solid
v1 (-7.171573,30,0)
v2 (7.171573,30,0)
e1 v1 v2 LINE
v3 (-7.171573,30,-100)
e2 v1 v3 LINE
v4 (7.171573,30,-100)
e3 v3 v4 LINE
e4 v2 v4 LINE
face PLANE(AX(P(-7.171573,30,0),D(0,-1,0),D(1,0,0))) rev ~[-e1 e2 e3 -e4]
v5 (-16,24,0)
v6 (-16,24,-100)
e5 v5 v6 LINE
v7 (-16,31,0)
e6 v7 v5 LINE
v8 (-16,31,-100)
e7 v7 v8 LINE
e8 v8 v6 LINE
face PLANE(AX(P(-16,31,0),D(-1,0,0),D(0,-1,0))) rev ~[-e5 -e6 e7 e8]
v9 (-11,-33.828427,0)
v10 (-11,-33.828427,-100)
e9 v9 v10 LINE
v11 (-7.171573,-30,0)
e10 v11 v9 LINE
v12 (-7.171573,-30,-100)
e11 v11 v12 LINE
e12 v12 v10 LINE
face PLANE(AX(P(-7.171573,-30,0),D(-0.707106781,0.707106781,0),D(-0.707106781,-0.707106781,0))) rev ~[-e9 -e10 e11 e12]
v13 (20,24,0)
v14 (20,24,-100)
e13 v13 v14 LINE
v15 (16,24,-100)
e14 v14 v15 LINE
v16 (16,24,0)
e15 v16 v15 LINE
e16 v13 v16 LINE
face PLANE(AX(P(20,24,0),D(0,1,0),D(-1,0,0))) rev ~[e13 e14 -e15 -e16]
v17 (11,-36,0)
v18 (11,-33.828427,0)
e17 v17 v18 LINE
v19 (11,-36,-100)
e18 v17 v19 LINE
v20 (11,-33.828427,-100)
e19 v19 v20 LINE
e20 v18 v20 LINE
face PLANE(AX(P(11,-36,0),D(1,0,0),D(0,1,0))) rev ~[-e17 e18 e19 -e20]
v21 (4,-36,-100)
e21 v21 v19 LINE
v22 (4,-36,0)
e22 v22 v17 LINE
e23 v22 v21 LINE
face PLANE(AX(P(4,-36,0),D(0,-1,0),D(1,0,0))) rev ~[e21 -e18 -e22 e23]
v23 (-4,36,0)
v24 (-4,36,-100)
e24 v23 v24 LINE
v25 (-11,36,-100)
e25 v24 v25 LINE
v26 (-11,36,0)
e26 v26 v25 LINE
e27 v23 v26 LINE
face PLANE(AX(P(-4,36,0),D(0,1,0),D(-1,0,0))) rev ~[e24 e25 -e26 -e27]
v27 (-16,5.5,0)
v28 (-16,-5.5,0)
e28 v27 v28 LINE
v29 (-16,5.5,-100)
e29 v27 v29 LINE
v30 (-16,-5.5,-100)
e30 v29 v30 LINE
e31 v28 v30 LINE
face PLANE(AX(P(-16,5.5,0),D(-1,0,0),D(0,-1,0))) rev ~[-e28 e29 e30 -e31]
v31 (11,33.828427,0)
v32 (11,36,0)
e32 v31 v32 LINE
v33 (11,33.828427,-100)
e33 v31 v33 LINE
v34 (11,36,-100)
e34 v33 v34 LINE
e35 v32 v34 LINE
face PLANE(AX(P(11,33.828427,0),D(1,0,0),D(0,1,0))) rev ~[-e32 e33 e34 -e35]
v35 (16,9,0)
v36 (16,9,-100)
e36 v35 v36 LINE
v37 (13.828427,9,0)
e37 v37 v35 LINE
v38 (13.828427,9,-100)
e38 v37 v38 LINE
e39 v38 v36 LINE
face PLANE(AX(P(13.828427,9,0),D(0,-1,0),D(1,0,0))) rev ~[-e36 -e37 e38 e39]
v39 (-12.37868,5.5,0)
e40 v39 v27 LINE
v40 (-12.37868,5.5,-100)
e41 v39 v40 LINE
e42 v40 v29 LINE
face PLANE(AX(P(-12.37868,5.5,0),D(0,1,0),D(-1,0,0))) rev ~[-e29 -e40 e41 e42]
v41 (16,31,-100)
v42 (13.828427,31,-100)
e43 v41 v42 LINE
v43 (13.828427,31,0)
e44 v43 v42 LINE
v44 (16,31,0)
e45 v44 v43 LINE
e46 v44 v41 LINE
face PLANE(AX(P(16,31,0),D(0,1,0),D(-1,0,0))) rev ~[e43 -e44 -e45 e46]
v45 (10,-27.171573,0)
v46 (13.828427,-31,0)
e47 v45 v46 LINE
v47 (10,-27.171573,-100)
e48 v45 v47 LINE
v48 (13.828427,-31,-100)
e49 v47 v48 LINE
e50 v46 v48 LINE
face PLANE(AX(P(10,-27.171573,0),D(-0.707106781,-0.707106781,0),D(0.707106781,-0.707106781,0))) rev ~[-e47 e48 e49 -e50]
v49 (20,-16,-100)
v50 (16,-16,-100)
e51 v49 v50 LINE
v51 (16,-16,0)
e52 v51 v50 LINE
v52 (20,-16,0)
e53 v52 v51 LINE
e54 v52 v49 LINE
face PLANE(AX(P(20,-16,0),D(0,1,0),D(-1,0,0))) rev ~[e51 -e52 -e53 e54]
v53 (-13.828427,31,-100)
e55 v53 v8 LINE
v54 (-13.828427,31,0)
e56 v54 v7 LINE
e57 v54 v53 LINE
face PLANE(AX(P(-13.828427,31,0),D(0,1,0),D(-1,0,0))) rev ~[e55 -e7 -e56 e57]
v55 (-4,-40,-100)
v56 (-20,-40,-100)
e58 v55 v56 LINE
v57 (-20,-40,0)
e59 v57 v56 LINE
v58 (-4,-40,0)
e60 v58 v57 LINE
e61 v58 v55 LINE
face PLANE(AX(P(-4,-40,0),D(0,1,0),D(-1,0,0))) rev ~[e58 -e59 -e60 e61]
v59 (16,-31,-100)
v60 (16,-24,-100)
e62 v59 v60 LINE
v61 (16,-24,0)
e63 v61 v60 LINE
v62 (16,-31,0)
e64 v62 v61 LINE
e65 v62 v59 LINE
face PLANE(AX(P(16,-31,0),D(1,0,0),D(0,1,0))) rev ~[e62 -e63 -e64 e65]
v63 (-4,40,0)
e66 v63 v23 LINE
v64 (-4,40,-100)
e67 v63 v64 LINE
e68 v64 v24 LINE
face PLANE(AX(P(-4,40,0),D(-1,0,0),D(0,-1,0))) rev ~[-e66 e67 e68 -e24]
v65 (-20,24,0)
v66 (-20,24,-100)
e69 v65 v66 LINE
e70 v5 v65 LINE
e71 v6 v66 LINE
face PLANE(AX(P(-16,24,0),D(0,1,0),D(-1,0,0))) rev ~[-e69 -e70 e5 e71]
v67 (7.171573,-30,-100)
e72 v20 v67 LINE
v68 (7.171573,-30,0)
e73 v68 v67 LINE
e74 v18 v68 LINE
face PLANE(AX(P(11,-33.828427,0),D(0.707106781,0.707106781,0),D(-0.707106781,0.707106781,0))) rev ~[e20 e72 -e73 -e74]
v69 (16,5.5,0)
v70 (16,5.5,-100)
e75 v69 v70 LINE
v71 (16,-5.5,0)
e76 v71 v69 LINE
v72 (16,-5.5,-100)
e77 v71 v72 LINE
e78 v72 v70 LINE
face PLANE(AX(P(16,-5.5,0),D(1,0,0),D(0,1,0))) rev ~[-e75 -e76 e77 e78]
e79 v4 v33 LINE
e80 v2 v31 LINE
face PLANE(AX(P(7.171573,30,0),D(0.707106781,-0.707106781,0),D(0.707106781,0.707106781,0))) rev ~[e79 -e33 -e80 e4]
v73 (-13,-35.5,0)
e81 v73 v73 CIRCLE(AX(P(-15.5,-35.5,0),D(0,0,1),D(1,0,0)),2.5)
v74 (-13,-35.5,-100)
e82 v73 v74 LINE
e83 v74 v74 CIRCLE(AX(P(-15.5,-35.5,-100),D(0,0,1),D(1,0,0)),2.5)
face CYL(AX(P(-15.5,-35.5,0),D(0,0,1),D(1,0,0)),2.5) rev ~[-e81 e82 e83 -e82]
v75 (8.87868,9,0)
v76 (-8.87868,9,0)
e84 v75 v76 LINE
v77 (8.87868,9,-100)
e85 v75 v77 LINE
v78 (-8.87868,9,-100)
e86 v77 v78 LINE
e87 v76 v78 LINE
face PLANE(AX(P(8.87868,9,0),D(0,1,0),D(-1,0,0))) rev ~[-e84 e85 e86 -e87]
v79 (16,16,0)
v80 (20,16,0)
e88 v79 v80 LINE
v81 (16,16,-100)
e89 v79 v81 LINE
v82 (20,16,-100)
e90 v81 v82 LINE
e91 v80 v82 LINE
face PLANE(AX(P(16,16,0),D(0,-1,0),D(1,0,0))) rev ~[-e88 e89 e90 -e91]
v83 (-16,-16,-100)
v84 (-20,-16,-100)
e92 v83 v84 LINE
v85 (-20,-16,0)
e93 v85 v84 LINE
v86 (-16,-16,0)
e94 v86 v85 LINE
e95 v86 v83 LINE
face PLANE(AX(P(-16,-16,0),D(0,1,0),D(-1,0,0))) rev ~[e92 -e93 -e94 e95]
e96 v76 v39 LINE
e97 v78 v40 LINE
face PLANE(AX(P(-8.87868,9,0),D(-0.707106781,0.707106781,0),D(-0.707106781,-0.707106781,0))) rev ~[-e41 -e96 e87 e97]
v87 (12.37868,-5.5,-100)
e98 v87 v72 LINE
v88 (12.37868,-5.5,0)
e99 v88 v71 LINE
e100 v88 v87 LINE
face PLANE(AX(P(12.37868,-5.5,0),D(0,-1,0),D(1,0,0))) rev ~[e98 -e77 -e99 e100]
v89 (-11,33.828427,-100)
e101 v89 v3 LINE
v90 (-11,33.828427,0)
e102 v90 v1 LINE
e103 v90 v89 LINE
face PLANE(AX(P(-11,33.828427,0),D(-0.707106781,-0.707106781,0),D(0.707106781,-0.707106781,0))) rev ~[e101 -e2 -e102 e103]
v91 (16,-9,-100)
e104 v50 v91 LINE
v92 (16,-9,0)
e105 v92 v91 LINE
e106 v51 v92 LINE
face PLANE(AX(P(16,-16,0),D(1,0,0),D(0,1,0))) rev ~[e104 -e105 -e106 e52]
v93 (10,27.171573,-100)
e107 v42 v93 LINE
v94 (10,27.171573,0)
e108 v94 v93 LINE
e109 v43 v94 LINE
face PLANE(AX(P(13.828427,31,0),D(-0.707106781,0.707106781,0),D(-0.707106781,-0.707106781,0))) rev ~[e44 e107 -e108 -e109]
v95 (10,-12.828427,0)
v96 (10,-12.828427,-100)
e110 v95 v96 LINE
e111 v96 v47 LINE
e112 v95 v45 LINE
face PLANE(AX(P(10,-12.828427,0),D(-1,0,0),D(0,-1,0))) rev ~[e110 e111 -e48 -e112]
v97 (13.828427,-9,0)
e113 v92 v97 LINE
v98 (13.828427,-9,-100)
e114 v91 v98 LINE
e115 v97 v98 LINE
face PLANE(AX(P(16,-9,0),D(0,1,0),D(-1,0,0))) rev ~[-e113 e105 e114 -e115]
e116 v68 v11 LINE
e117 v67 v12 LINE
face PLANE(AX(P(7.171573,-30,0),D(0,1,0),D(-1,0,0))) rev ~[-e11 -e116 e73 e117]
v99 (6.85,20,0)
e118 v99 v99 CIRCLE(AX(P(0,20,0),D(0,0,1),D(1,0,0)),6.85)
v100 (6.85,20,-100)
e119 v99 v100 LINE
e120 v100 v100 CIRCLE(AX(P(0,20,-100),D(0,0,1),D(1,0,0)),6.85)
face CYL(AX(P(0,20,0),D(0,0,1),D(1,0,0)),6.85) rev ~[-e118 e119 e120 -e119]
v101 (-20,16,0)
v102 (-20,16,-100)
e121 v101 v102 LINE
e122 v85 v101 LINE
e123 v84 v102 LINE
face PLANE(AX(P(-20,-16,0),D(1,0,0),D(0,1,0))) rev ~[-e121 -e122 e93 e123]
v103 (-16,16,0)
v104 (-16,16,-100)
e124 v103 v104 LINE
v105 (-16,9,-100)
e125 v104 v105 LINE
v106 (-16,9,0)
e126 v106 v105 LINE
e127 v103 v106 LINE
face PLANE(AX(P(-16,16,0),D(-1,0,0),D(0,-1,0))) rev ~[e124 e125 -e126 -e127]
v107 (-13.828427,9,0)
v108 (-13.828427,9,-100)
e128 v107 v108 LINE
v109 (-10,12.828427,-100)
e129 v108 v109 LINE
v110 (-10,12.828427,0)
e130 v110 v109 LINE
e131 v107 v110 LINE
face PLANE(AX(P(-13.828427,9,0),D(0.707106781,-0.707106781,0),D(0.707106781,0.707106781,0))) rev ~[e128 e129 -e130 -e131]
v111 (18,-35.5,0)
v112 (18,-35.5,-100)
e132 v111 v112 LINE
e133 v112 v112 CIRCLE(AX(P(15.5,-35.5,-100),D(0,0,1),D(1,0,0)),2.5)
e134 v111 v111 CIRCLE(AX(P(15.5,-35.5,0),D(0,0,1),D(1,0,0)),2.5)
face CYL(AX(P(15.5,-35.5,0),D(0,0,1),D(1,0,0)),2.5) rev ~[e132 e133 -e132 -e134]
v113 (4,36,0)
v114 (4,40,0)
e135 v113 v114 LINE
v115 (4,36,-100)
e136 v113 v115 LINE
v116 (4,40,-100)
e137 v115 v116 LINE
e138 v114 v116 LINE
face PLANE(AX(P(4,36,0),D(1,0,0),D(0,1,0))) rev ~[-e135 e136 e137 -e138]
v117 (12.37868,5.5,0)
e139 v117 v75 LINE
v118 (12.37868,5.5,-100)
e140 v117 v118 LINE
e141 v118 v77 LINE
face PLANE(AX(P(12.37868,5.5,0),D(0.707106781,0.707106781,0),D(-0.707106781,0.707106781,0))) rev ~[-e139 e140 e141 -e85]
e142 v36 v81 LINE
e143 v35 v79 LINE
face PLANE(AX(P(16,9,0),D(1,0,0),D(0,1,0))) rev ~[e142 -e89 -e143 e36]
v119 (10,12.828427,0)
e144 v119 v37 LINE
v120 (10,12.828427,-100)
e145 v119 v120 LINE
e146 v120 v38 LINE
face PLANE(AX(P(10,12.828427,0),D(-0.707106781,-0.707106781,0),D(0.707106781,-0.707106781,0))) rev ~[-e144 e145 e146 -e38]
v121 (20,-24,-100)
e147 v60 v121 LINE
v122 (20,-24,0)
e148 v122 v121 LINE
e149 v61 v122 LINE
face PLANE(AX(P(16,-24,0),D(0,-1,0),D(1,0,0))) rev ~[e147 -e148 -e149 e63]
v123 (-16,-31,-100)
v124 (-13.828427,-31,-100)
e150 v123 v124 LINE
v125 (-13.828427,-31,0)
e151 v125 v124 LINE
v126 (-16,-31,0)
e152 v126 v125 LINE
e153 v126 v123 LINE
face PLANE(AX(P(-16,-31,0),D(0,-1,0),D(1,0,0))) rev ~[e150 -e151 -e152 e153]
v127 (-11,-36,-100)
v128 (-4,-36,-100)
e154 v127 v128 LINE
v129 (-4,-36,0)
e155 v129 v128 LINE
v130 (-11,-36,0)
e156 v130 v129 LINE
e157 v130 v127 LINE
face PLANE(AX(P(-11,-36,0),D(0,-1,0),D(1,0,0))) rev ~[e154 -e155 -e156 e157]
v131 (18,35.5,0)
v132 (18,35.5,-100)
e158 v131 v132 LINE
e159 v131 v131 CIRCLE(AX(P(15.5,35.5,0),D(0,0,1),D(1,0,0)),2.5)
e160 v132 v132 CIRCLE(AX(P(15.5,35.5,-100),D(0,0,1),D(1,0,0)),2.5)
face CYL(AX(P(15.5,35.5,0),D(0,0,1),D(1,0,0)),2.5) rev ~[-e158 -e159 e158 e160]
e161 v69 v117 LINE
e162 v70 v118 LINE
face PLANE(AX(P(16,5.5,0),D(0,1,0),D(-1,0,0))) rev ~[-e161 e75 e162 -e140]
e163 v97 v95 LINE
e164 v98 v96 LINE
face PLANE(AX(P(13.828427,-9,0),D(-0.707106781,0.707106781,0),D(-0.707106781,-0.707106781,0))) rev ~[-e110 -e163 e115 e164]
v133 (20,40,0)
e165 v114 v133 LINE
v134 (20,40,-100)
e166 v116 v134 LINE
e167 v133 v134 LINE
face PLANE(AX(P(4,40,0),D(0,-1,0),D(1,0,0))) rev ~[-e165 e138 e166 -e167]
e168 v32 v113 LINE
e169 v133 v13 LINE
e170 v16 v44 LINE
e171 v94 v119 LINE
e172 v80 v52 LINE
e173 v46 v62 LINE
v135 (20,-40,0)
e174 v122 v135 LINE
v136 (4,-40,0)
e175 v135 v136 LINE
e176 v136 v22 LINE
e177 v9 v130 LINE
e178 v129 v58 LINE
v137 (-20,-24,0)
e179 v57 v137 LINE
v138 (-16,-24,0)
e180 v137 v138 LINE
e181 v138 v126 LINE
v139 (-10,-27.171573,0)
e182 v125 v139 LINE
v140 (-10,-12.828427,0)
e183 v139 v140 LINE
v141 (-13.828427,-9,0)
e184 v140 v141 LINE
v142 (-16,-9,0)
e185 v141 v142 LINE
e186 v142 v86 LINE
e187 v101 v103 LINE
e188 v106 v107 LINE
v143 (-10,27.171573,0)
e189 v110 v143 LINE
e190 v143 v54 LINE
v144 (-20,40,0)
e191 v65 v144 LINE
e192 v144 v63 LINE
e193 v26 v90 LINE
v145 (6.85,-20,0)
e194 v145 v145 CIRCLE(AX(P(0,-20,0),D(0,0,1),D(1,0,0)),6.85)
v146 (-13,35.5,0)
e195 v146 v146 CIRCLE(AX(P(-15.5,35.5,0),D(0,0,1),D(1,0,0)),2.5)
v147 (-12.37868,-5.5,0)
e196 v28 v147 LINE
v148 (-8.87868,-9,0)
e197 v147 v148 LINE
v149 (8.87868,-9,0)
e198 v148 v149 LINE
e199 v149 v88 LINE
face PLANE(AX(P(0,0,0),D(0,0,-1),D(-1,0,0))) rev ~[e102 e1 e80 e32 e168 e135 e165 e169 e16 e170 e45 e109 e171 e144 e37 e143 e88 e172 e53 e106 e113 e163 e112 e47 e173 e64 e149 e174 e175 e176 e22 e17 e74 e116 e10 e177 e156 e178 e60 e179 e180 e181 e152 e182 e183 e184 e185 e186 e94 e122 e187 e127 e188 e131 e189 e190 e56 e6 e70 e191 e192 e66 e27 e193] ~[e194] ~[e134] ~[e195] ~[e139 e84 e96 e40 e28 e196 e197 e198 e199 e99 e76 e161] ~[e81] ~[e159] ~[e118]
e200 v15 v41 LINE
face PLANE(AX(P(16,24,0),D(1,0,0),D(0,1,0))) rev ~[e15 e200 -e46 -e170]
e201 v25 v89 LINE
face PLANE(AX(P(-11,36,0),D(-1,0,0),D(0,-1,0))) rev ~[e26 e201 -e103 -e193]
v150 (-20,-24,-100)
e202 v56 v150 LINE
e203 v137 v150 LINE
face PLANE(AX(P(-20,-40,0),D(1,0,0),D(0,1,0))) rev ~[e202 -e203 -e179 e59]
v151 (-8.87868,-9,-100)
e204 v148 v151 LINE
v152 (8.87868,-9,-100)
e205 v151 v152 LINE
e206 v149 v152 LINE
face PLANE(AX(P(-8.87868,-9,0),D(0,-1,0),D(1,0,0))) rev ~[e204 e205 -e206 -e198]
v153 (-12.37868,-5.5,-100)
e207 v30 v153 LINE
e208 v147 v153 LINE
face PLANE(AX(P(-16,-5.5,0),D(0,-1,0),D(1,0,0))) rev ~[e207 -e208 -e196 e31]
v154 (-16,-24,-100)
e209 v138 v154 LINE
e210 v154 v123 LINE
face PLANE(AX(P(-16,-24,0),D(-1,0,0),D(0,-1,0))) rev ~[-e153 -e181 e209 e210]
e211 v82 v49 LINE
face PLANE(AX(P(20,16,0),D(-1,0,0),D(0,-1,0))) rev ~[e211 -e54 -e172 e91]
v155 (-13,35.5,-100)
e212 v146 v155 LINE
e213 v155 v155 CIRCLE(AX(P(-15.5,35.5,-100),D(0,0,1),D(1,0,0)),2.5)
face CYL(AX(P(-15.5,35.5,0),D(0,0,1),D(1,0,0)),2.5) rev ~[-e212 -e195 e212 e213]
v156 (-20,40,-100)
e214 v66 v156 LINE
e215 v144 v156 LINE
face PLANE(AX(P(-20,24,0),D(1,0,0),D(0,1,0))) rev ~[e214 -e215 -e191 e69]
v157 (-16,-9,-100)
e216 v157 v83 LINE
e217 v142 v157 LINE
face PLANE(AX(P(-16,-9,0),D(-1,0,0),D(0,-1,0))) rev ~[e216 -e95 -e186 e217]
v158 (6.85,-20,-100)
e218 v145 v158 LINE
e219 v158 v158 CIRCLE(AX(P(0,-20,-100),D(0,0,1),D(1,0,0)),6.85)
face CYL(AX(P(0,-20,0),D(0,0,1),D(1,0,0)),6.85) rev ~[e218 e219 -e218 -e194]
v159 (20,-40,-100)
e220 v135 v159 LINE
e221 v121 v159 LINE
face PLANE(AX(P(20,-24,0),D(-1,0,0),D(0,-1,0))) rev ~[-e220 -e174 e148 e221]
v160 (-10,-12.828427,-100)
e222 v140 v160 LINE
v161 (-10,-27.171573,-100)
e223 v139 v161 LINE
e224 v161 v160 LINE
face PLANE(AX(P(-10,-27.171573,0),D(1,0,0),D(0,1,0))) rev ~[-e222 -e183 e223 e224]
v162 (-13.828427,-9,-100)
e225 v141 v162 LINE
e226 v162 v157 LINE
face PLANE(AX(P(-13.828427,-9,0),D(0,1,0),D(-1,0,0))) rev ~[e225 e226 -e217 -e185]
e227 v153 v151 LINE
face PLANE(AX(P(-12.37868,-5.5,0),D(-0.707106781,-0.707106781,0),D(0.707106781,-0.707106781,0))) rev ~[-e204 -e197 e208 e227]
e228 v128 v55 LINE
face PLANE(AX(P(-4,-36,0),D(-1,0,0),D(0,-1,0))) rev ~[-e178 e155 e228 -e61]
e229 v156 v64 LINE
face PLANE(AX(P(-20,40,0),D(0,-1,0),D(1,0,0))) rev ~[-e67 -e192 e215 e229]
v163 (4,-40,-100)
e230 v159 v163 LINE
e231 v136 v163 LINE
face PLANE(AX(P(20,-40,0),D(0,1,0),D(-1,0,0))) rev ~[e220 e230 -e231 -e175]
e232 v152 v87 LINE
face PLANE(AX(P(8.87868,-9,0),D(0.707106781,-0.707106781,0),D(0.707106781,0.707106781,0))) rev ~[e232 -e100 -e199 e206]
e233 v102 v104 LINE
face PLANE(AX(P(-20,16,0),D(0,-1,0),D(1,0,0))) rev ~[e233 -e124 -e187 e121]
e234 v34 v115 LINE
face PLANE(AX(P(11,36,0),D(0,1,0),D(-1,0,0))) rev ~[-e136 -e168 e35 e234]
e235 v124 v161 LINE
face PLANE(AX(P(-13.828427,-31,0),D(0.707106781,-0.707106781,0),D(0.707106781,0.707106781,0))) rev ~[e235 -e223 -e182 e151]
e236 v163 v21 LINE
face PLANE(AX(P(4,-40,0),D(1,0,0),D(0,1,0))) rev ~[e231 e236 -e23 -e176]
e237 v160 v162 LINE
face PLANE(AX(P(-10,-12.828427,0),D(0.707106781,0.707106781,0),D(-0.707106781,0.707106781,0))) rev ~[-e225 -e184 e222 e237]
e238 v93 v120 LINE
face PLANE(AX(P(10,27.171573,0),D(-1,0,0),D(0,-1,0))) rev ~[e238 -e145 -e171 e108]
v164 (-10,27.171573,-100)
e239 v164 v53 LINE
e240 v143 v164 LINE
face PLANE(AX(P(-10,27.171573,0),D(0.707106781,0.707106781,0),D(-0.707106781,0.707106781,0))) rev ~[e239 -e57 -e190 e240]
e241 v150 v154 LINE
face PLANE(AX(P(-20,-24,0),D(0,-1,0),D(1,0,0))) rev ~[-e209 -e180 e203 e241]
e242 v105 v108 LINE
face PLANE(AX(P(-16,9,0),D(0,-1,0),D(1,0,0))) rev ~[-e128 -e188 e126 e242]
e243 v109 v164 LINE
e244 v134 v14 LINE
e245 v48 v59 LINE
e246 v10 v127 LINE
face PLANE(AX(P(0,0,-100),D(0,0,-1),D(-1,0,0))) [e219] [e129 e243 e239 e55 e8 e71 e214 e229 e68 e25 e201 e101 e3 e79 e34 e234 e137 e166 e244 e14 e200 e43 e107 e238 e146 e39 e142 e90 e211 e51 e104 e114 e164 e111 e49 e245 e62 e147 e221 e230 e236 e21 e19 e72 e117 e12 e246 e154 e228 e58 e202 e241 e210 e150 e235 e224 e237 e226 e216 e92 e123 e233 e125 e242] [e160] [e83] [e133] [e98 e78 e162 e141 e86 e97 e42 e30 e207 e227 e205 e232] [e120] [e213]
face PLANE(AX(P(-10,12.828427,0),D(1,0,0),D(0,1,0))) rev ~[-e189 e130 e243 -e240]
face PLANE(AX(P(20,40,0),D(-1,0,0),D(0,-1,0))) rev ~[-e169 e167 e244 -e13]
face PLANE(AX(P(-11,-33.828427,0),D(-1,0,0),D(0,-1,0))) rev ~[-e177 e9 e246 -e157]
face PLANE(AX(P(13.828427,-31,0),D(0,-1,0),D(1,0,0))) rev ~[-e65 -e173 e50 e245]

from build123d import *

# Parameters (mm, degrees)
SKETCH1_R      = 2.5
SKETCH1_R_2    = 6.85
EXTRUDE1_DEPTH = 100


with BuildPart() as part:
    # Sketch1 → Extrude1 (new body)
    with BuildSketch(Plane.XY):
        Polygon((-20, -24), (-16, -24), (-16, -31), (-13.828427, -31), (-10, -27.171573), (-10, -12.828427), (-13.828427, -9), (-16, -9), (-16, -16), (-20, -16), (-20, 16), (-16, 16), (-16, 9), (-13.828427, 9), (-10, 12.828427), (-10, 27.171573), (-13.828427, 31), (-16, 31), (-16, 24), (-20, 24), (-20, 40), (-4, 40), (-4, 36), (-11, 36), (-11, 33.828427), (-7.171573, 30), (7.171573, 30), (11, 33.828427), (11, 36), (4, 36), (4, 40), (20, 40), (20, 24), (16, 24), (16, 31), (13.828427, 31), (10, 27.171573), (10, 12.828427), (13.828427, 9), (16, 9), (16, 16), (20, 16), (20, -16), (16, -16), (16, -9), (13.828427, -9), (10, -12.828427), (10, -27.171573), (13.828427, -31), (16, -31), (16, -24), (20, -24), (20, -40), (4, -40), (4, -36), (11, -36), (11, -33.828427), (7.171573, -30), (-7.171573, -30), (-11, -33.828427), (-11, -36), (-4, -36), (-4, -40), (-20, -40), align=None)
        with Locations((-15.5, -35.5)):
            Circle(SKETCH1_R, mode=Mode.SUBTRACT)
        with Locations((-15.5, 35.5)):
            Circle(SKETCH1_R, mode=Mode.SUBTRACT)
        with Locations((15.5, -35.5)):
            Circle(SKETCH1_R, mode=Mode.SUBTRACT)
        with Locations((15.5, 35.5)):
            Circle(SKETCH1_R, mode=Mode.SUBTRACT)
        with Locations((0, -20)):
            Circle(SKETCH1_R_2, mode=Mode.SUBTRACT)
        with Locations((0, 20)):
            Circle(SKETCH1_R_2, mode=Mode.SUBTRACT)
        Polygon((-8.87868, -9), (8.87868, -9), (12.37868, -5.5), (16, -5.5), (16, 5.5), (12.37868, 5.5), (8.87868, 9), (-8.87868, 9), (-12.37868, 5.5), (-16, 5.5), (-16, -5.5), (-12.37868, -5.5), align=None, mode=Mode.SUBTRACT)
    extrude(amount=-EXTRUDE1_DEPTH)


solid = part.part
